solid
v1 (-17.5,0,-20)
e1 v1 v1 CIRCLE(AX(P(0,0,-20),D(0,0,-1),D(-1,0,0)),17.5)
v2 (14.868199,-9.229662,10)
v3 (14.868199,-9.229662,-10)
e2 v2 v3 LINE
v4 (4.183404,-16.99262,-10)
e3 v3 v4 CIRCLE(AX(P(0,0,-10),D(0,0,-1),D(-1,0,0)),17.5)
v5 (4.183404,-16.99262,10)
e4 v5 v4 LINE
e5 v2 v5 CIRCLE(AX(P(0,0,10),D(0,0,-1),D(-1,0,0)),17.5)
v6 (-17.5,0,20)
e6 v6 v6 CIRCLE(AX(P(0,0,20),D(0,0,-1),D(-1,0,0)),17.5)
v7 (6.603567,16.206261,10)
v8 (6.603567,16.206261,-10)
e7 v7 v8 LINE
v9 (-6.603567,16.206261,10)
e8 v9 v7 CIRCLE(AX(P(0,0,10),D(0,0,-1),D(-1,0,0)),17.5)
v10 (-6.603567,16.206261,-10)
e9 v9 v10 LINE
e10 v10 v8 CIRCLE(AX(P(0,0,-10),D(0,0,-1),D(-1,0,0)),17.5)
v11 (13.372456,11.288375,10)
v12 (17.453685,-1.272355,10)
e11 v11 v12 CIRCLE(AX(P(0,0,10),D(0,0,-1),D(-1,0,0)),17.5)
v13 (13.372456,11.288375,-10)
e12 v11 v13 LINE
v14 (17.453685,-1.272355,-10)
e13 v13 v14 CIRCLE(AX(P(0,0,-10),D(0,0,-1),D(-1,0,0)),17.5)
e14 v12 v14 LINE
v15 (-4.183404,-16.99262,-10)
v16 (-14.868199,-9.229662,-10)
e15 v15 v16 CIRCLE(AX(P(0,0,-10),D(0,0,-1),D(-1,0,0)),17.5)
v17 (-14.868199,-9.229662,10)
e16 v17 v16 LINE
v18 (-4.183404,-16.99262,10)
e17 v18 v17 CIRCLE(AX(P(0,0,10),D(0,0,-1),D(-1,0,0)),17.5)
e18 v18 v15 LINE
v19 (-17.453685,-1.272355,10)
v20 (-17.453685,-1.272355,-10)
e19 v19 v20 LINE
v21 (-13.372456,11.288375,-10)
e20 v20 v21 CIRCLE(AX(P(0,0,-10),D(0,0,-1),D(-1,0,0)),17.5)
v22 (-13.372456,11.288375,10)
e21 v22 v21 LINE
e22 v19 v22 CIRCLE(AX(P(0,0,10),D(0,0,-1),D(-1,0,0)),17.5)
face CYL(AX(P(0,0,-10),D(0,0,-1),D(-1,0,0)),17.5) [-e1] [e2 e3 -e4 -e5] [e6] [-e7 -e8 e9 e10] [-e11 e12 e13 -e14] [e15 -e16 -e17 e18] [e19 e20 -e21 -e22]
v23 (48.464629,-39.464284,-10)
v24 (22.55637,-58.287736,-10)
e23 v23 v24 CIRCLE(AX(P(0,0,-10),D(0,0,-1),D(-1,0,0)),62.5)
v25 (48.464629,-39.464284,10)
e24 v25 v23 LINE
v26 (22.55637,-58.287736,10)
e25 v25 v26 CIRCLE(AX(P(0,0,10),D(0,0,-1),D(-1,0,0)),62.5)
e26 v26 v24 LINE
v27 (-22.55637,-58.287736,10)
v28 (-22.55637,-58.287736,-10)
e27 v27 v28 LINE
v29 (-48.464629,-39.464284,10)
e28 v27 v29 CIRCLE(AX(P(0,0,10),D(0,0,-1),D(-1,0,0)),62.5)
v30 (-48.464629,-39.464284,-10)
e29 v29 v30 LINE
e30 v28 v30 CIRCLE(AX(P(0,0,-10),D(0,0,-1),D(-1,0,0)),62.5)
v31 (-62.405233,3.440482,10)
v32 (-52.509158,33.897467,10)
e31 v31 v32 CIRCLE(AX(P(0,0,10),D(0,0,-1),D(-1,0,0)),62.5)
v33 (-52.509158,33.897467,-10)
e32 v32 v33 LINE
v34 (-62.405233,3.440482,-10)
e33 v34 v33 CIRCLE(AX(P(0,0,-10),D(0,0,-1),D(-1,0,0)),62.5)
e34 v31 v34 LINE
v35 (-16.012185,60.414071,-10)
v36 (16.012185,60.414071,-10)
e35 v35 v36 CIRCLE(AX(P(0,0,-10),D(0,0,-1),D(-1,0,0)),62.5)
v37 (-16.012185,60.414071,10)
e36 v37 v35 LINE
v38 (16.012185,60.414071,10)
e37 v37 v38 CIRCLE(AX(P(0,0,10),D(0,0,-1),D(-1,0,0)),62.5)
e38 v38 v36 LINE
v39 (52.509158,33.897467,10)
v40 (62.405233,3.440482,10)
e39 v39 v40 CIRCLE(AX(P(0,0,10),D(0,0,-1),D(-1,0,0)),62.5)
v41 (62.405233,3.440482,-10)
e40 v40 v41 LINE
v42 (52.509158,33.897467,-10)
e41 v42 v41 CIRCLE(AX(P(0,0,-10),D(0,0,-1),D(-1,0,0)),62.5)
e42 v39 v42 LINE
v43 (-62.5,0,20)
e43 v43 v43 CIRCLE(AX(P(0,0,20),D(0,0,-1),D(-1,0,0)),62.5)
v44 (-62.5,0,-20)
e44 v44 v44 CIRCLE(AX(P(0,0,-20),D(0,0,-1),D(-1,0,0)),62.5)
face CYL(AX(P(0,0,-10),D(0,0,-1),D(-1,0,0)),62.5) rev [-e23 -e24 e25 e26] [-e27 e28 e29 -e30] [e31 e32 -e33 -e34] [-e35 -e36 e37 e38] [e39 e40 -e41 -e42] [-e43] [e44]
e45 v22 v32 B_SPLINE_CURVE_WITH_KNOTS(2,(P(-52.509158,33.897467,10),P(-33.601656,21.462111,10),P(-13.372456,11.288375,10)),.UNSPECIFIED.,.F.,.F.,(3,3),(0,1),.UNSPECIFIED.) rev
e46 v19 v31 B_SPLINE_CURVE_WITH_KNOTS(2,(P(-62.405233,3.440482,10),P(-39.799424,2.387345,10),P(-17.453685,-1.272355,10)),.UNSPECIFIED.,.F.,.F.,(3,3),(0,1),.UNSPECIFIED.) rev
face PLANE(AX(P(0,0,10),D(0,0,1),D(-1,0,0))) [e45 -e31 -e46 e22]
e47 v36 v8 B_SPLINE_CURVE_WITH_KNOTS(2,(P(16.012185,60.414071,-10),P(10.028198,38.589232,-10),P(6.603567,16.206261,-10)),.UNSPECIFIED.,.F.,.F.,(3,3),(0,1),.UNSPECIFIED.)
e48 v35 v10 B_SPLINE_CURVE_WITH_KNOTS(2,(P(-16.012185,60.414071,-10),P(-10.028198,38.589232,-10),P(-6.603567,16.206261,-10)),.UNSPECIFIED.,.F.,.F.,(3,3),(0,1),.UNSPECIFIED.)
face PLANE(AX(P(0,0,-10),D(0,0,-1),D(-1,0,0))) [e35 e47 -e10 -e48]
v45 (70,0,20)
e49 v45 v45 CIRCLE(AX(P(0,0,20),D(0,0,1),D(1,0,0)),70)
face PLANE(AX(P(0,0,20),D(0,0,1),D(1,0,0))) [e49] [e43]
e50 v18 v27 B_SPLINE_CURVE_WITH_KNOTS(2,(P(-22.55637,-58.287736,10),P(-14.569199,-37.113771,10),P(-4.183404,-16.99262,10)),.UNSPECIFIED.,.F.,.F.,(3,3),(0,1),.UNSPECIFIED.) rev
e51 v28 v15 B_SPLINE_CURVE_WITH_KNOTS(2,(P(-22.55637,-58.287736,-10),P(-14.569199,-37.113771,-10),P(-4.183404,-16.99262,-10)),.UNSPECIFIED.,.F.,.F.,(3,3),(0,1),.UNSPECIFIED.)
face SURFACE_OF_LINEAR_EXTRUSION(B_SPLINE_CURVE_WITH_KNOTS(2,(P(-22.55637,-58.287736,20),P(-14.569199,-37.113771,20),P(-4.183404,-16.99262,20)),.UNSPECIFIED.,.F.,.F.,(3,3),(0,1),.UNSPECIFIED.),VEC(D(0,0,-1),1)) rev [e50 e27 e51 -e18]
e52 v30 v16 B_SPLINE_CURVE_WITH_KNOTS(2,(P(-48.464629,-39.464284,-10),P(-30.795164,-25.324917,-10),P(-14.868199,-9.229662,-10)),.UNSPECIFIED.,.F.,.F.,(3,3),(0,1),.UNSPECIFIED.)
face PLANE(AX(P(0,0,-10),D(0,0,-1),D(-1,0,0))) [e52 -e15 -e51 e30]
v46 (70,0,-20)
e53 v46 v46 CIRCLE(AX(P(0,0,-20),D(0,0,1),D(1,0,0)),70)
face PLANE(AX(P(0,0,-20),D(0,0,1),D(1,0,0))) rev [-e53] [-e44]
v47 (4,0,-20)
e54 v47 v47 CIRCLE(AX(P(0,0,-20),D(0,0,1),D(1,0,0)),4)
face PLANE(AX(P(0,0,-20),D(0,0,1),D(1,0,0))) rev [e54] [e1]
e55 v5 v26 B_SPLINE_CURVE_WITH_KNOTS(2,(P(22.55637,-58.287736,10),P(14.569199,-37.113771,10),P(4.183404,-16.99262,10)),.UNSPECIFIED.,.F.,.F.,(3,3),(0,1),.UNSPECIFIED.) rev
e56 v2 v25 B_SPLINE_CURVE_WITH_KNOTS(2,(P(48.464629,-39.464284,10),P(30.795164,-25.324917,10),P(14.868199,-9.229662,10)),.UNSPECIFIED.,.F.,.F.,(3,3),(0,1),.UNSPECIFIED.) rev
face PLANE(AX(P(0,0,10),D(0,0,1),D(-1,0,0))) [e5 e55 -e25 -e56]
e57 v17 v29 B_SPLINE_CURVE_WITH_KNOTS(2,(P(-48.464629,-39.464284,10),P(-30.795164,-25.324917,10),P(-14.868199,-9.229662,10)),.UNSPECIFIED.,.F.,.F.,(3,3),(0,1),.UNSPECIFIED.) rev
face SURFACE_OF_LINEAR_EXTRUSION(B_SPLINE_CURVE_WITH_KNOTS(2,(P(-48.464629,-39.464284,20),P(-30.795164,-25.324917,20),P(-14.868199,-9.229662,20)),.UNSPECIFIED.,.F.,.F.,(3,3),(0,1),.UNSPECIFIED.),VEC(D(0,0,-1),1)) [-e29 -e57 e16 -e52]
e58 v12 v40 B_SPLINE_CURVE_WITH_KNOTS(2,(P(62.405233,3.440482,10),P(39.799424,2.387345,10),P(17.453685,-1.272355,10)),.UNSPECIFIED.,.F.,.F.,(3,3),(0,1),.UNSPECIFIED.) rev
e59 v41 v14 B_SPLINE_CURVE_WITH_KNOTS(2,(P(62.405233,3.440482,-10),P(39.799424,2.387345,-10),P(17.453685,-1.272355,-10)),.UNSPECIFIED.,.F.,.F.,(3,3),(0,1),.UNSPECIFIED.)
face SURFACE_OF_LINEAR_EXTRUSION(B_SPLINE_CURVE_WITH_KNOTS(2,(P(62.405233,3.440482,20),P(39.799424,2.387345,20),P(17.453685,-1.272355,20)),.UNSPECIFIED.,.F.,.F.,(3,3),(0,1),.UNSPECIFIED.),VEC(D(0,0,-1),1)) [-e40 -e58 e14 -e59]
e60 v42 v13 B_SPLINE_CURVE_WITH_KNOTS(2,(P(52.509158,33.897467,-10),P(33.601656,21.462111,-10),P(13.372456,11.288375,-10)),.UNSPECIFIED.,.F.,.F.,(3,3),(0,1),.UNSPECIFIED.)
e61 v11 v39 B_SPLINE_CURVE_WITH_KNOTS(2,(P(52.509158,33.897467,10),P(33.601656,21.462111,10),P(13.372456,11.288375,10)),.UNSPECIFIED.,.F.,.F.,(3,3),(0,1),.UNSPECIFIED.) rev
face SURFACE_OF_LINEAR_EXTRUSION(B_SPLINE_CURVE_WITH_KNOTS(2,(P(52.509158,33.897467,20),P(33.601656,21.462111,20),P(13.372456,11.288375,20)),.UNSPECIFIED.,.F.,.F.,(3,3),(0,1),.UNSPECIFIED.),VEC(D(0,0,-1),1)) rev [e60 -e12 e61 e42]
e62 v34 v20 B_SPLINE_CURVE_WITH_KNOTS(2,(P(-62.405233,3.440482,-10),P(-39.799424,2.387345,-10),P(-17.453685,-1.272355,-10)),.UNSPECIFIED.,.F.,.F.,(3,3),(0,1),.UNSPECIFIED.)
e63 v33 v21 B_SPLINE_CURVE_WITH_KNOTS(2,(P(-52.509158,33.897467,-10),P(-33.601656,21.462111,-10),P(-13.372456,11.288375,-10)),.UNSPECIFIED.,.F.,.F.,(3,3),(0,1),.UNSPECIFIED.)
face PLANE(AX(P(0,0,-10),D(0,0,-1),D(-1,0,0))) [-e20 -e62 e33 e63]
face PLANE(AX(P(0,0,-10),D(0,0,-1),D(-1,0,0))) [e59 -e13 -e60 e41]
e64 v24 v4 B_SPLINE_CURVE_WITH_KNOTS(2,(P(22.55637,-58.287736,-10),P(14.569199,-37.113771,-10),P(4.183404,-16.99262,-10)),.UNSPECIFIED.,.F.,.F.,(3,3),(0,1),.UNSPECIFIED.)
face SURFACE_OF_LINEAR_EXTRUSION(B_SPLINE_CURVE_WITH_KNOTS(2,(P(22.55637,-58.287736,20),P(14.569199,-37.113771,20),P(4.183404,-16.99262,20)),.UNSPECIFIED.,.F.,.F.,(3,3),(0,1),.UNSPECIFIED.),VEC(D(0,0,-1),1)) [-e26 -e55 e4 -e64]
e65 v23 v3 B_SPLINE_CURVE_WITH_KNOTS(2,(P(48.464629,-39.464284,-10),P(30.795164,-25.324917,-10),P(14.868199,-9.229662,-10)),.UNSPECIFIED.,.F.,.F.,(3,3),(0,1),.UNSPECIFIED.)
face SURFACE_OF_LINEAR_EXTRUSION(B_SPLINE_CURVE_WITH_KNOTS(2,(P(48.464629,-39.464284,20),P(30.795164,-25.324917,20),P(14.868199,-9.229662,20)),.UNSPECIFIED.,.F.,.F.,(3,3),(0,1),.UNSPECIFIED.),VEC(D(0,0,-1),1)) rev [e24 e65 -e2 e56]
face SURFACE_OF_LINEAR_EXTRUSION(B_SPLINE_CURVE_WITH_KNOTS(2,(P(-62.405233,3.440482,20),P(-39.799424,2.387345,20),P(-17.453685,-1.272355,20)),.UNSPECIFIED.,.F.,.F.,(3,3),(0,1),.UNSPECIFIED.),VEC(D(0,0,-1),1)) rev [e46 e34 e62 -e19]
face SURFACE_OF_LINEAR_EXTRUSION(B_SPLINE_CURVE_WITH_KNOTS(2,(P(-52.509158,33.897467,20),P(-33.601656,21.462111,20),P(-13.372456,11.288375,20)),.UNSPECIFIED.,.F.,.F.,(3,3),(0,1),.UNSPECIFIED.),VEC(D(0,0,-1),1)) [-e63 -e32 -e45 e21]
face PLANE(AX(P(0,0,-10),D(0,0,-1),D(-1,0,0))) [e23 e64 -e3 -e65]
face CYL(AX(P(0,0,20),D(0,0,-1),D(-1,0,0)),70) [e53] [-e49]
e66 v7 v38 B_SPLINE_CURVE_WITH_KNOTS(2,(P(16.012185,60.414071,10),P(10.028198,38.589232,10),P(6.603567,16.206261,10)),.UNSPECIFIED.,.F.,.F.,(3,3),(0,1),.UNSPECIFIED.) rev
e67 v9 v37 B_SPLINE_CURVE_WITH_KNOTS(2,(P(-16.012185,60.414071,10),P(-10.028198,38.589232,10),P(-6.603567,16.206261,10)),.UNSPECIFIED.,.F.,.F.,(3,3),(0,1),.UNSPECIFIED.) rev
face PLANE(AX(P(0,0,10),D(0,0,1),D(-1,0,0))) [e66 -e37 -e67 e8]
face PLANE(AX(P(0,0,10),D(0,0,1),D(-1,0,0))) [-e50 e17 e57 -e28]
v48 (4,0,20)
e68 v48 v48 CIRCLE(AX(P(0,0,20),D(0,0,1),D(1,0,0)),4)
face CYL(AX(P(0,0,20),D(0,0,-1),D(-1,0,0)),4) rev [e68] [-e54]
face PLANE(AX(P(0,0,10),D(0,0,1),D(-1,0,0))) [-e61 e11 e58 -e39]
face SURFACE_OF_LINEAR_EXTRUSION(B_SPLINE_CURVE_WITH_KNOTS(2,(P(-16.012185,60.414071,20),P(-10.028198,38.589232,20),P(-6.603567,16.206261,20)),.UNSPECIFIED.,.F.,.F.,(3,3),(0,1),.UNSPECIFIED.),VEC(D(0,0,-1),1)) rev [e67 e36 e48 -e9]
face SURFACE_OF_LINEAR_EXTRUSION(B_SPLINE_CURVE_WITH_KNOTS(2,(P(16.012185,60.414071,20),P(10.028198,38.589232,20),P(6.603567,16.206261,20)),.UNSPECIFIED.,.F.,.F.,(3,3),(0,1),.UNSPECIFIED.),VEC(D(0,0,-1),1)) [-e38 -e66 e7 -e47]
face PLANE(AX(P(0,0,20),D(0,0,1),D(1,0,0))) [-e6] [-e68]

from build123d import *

# Parameters (mm, degrees)
SKETCH1_R           = 70
SKETCH1_R_2         = 62.278635001
SKETCH1_R_3         = 17.121532135
SKETCH1_R_4         = 4
BOSS_EXTRUDE1_DEPTH = 20
SKETCH2_R           = 62.5
SKETCH2_R_2         = 17.5
CUT_EXTRUDE1_DEPTH  = 10
CUT_EXTRUDE2_DEPTH  = 104.440804328


with BuildPart() as part:
    # Sketch1 → Boss-Extrude1 (new, symmetric)
    # profile 1 of 3: a face of its own
    with BuildSketch(Plane.XY):
        Circle(SKETCH1_R)
        Circle(SKETCH1_R_2, mode=Mode.SUBTRACT)
    # profile 2 of 3: a face of its own
    with BuildSketch(Plane.XY):
        Circle(SKETCH1_R_2)
        Circle(SKETCH1_R_3, mode=Mode.SUBTRACT)
    # profile 3 of 3: a face of its own
    with BuildSketch(Plane.XY):
        Circle(SKETCH1_R_3)
        Circle(SKETCH1_R_4, mode=Mode.SUBTRACT)
    extrude(amount=BOSS_EXTRUDE1_DEPTH, both=True)

    # Sketch2 → Cut-Extrude1 (cut)
    with BuildSketch(Plane(origin=(0, 0, -20), x_dir=(-1, 0, 0), z_dir=(0, 0, -1))):
        Circle(SKETCH2_R)
        Circle(SKETCH2_R_2, mode=Mode.SUBTRACT)
    cut_extrude1 = extrude(amount=-CUT_EXTRUDE1_DEPTH, mode=Mode.SUBTRACT)

    # Mirror1: Cut-Extrude1 across plane
    add(cut_extrude1.mirror(Plane.XY), mode=Mode.SUBTRACT)

    # Sketch3 → Cut-Extrude2 (cut, through all)
    with BuildSketch(Plane(origin=(0, 0, -10), x_dir=(-1, 0, 0), z_dir=(0, 0, -1))):
        with BuildLine():
            add(Edge.make_bspline(
                [(-16.012184604, 60.414070747), (-10.028198069, 38.589231507), (-6.603566708, 16.206261343)],
                knots=[0, 0, 0, 1, 1, 1], degree=2))
            ThreePointArc((-16.012184604, 60.414070747), (-36.736578268, 50.563562148), (-52.5091585, 33.897467068))
            add(Edge.make_bspline(
                [(-52.5091585, 33.897467068), (-33.601656457, 21.462111455), (-13.372456119, 11.288375319)],
                knots=[0, 0, 0, 1, 1, 1], degree=2))
            ThreePointArc((-13.372456119, 11.288375319), (-10.286241915, 14.157797402), (-6.603566708, 16.206261343))
        make_face()
        with BuildLine():
            add(Edge.make_bspline(
                [(52.5091585, 33.897467068), (33.601656457, 21.462111455), (13.372456119, 11.288375319)],
                knots=[0, 0, 0, 1, 1, 1], degree=2))
            ThreePointArc((52.5091585, 33.897467068), (36.736578268, 50.563562148), (16.012184604, 60.414070747))
            add(Edge.make_bspline(
                [(16.012184604, 60.414070747), (10.028198069, 38.589231507), (6.603566708, 16.206261343)],
                knots=[0, 0, 0, 1, 1, 1], degree=2))
            ThreePointArc((6.603566708, 16.206261343), (10.286241915, 14.157797402), (13.372456119, 11.288375319))
        make_face()
        with BuildLine():
            ThreePointArc((48.464629278, -39.464283966), (58.886710427, -20.942906557), (62.5, 0))
            ThreePointArc((62.5, 0), (62.476303713, 1.720893487), (62.405232819, 3.440482052))
            add(Edge.make_bspline(
                [(62.405232819, 3.440482052), (39.79942371, 2.387345216), (17.453684792, -1.272354978)],
                knots=[0, 0, 0, 1, 1, 1], degree=2))
            ThreePointArc((17.453684792, -1.272354978), (16.643489035, -5.407797402), (14.868199103, -9.229661719))
            add(Edge.make_bspline(
                [(48.464629278, -39.464283966), (30.795163838, -25.324917157), (14.868199103, -9.229661719)],
                knots=[0, 0, 0, 1, 1, 1], degree=2))
        make_face()
        with BuildLine():
            ThreePointArc((-62.405232819, 3.440482052), (-59.441032268, -19.313562148), (-48.464629278, -39.464283966))
            add(Edge.make_bspline(
                [(-48.464629278, -39.464283966), (-30.795163838, -25.324917157), (-14.868199103, -9.229661719)],
                knots=[0, 0, 0, 1, 1, 1], degree=2))
            ThreePointArc((-14.868199103, -9.229661719), (-16.643489035, -5.407797402), (-17.453684792, -1.272354978))
            add(Edge.make_bspline(
                [(-62.405232819, 3.440482052), (-39.79942371, 2.387345216), (-17.453684792, -1.272354978)],
                knots=[0, 0, 0, 1, 1, 1], degree=2))
        make_face()
        with BuildLine():
            ThreePointArc((-22.556370354, -58.287735901), (0, -62.5), (22.556370354, -58.287735901))
            add(Edge.make_bspline(
                [(22.556370354, -58.287735901), (14.569198516, -37.113771021), (4.183403722, -16.992619966)],
                knots=[0, 0, 0, 1, 1, 1], degree=2))
            ThreePointArc((4.183403722, -16.992619966), (0, -17.5), (-4.183403722, -16.992619966))
            add(Edge.make_bspline(
                [(-22.556370354, -58.287735901), (-14.569198516, -37.113771021), (-4.183403722, -16.992619966)],
                knots=[0, 0, 0, 1, 1, 1], degree=2))
        make_face()
    extrude(amount=-CUT_EXTRUDE2_DEPTH, mode=Mode.SUBTRACT)


solid = part.part
